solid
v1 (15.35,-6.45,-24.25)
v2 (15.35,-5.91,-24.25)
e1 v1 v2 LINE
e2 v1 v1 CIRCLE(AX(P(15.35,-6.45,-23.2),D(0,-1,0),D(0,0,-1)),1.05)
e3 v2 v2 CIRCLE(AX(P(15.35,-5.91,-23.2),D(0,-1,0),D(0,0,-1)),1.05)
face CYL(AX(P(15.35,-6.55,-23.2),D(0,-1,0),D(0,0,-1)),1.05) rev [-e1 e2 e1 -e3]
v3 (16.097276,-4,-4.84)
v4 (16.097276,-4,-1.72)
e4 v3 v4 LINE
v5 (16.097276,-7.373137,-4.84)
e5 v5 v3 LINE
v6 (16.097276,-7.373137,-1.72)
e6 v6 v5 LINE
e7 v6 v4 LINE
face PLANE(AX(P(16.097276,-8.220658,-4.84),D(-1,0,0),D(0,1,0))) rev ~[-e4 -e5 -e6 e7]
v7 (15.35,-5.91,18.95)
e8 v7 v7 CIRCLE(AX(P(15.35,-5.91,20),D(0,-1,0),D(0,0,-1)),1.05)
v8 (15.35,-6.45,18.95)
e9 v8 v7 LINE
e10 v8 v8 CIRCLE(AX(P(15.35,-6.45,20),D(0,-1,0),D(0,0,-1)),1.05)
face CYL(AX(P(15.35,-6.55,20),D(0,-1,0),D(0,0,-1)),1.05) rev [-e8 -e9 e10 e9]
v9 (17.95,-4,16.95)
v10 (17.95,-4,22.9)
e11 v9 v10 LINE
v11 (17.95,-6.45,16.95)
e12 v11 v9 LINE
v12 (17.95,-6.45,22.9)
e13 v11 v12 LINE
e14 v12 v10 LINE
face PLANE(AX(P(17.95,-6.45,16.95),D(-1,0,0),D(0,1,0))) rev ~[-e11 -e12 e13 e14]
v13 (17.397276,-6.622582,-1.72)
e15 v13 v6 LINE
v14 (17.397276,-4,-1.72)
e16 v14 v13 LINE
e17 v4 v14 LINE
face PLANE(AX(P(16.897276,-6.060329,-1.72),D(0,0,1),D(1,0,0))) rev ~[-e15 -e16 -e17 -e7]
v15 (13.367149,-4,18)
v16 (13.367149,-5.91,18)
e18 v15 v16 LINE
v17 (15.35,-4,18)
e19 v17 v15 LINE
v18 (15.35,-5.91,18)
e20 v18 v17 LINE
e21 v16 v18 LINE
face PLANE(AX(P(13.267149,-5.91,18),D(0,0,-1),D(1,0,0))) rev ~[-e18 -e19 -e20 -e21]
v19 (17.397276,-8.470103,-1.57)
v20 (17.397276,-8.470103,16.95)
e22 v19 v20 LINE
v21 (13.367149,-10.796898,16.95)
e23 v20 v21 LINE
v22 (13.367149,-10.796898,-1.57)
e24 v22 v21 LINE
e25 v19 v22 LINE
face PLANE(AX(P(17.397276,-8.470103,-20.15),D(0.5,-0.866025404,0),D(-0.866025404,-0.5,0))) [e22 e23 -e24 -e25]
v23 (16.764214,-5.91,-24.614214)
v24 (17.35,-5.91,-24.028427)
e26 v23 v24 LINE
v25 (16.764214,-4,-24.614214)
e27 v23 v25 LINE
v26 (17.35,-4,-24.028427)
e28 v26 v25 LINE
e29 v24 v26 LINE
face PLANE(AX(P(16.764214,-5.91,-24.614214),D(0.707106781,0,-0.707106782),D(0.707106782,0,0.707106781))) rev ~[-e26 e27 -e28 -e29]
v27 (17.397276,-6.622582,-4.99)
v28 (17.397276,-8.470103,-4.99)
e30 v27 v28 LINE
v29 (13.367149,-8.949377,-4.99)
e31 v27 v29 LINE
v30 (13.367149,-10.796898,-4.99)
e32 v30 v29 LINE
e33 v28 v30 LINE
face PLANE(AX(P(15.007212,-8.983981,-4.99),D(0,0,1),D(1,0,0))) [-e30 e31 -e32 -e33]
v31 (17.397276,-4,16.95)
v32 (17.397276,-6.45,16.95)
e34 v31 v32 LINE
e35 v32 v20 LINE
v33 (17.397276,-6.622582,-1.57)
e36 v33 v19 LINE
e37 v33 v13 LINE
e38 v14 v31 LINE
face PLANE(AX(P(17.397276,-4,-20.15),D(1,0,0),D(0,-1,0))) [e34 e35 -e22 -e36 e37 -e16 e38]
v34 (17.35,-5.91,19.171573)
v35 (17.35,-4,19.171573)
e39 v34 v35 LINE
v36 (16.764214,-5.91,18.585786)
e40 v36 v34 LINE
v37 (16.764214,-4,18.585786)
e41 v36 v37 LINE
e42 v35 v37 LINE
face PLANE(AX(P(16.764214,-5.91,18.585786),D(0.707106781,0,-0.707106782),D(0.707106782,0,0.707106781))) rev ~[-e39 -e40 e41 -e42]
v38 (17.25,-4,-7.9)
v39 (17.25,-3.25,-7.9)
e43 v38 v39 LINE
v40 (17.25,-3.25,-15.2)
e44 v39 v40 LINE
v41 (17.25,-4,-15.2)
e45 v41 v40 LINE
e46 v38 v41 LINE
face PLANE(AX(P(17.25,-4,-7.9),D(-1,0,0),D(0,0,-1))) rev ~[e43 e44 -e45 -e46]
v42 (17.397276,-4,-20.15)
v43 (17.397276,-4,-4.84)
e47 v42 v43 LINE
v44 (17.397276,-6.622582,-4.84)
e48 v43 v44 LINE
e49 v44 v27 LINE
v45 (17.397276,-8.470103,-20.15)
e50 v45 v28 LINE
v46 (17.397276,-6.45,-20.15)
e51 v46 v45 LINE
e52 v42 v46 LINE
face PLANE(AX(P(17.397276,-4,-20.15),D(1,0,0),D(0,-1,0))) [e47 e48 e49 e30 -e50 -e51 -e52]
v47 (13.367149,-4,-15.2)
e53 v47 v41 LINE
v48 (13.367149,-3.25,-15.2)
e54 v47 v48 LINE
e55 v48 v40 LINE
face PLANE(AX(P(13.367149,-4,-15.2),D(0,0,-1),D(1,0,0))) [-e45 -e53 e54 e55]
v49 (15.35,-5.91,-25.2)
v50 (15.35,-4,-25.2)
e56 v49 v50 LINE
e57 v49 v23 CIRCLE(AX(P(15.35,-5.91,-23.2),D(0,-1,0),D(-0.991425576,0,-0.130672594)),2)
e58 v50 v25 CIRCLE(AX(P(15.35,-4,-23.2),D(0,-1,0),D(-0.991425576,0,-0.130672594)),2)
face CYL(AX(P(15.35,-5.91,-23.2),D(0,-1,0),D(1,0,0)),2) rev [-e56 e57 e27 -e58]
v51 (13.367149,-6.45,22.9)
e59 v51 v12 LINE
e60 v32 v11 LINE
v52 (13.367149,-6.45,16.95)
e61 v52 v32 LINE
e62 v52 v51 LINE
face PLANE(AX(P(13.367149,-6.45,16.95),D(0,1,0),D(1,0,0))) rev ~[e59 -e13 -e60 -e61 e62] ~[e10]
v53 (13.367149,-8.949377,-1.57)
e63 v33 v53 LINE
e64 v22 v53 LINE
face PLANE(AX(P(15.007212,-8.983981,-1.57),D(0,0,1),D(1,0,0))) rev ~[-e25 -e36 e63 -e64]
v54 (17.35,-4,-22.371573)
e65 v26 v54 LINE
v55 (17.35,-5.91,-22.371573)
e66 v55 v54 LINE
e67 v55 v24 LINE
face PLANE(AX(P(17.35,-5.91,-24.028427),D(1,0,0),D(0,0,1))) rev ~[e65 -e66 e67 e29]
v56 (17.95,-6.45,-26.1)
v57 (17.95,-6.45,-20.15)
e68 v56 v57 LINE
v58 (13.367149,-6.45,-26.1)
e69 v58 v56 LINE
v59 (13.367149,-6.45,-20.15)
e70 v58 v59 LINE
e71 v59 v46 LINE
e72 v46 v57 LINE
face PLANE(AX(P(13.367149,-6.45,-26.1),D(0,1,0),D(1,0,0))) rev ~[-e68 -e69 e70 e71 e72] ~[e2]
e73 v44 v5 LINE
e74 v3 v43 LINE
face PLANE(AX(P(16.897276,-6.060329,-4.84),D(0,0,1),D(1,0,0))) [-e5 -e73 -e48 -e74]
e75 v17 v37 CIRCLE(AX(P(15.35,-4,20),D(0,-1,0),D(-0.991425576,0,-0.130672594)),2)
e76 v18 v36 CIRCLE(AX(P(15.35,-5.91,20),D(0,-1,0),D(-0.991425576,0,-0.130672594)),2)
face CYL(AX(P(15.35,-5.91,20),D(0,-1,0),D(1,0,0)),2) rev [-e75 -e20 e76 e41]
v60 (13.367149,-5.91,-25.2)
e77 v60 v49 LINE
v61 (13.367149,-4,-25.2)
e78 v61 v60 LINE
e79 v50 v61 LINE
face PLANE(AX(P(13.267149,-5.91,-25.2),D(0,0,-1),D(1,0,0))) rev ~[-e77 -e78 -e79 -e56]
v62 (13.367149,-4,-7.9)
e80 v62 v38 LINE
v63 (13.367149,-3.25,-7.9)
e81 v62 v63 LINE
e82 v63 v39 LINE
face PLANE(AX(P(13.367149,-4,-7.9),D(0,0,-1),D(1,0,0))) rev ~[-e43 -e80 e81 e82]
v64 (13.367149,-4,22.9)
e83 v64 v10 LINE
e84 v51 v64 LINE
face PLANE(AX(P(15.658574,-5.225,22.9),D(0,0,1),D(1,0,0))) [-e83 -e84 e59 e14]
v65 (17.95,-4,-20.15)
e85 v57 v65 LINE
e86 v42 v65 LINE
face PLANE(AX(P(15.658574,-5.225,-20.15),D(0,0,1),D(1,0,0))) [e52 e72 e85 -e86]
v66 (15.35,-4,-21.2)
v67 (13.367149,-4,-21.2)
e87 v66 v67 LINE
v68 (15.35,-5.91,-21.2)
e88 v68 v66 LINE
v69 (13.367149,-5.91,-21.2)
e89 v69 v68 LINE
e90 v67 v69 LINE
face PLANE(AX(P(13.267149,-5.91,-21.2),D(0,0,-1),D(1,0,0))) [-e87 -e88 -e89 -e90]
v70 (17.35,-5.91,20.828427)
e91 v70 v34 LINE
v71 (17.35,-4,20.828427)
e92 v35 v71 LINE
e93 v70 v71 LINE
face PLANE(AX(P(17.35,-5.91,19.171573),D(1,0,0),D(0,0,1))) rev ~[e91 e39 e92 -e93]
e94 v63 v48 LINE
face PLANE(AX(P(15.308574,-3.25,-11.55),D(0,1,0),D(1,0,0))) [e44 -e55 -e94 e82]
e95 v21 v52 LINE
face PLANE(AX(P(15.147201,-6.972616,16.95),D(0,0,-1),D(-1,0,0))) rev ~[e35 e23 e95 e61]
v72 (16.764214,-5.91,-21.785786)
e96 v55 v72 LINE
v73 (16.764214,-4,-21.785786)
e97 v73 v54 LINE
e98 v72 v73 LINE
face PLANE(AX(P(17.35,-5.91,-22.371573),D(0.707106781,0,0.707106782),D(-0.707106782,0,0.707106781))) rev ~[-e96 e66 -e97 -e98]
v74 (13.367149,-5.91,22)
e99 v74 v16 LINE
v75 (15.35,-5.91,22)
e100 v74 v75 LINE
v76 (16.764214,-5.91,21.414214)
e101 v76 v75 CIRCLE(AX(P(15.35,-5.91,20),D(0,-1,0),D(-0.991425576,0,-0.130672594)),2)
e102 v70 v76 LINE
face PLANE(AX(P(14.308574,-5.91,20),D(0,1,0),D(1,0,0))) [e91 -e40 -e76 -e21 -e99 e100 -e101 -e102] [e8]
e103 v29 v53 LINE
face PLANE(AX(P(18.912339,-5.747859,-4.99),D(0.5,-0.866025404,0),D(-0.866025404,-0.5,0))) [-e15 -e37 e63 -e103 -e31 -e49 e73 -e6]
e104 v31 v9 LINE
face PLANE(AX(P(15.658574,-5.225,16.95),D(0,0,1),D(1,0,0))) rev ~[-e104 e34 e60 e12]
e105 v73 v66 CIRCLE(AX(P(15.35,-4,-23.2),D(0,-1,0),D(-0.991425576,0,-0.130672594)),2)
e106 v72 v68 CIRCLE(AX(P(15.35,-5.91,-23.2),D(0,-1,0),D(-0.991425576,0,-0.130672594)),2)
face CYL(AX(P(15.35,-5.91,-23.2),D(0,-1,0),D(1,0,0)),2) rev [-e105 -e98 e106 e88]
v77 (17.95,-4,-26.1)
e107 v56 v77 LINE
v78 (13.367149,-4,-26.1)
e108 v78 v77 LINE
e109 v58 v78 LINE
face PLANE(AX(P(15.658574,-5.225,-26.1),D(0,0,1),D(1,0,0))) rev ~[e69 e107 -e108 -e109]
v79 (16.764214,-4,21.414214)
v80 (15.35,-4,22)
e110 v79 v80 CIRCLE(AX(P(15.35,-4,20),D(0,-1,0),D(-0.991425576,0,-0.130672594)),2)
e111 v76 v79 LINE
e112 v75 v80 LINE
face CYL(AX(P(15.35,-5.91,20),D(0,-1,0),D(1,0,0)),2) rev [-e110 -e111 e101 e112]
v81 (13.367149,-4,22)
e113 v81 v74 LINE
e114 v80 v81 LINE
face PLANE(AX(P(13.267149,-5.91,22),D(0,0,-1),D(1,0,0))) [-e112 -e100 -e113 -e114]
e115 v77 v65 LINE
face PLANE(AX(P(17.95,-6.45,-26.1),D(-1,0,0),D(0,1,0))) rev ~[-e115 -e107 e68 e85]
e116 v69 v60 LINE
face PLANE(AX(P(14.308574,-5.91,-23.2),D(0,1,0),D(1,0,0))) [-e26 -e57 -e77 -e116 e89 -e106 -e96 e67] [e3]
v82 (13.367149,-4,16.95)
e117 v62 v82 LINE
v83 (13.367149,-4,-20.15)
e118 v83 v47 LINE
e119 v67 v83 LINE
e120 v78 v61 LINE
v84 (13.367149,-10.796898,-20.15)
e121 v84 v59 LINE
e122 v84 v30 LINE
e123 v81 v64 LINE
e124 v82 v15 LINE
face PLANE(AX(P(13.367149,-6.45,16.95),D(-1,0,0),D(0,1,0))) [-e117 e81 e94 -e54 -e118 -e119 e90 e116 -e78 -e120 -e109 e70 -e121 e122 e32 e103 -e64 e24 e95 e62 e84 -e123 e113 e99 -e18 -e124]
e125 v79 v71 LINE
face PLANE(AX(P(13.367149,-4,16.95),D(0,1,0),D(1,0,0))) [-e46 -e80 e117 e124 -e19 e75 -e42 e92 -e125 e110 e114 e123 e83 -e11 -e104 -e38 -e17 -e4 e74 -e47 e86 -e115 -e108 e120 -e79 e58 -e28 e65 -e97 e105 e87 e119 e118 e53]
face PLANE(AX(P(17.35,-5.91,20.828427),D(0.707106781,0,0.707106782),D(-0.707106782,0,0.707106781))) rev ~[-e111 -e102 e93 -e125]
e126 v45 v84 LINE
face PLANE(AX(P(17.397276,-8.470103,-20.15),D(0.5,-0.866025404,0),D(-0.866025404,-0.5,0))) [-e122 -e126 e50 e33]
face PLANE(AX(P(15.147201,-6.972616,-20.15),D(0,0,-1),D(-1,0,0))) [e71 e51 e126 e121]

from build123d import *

# Parameters (mm, degrees)
CLAMP_START                     = -20.15
CLAMP_X_BASE_DEPTH              = 37.1
WIRE_START                      = -4.99
WIRE_CHANNEL_X_BASE_Z_5_0_DEPTH = 3.42
WIRE_START_2                    = -4.84
SKETCH3_W                       = 1.6
SKETCH3_H                       = 4.320657937
WIRE_NOTCH_X_BASE_Z_5_0_DEPTH   = 3.12
EAR_START                       = -26.1
SKETCH4_W                       = 4.582851153
SKETCH4_H                       = 2.45
EAR_X_BASE_26_DEPTH             = 5.95
EAR_START_2                     = 16.95
SKETCH5_W                       = 4.582851153
SKETCH5_H                       = 2.45
EAR_X_BASE_17_DEPTH             = 5.95
CUT_EXTRUDE3_START              = -6.55
SKETCH6_R                       = 1.05
CUT_EXTRUDE3_DEPTH              = 2.65
CUT_EXTRUDE4_START              = -5.91
SKETCH7_R                       = 2
CUT_EXTRUDE4_DEPTH              = 1.92
CUT_EXTRUDE5_START              = -5.91
SKETCH8_W                       = 2.082851153
SKETCH8_H                       = 4
CUT_EXTRUDE5_DEPTH              = 1.92
CUT_EXTRUDE6_START              = -5.91
CUT_EXTRUDE6_DEPTH              = 1.92
CUT_EXTRUDE7_START              = -5.91
CUT_EXTRUDE7_DEPTH              = 1.92
BOSS_EXTRUDE4_START             = -4
SKETCH11_W                      = 3.882851153
SKETCH11_H                      = 7.3
BOSS_EXTRUDE4_DEPTH             = 0.75


with BuildPart() as part:
    # Sketch1 → Clamp +X base (new body)
    with BuildSketch(Plane.XY.offset(CLAMP_START)):
        Polygon((13.367148847, -4), (17.397275866, -4), (17.397275866, -8.470102587), (13.367148847, -10.796897507), align=None)
    extrude(amount=CLAMP_X_BASE_DEPTH)

    # Sketch2 → Wire channel +X base Z -5.0 (cut)
    with BuildSketch(Plane.XY.offset(WIRE_START)):
        Polygon((11.102085338, -12.220102587), (19.762339376, -7.220102587), (18.912339376, -5.747859401), (10.252085338, -10.747859401), align=None)
    extrude(amount=WIRE_CHANNEL_X_BASE_Z_5_0_DEPTH, mode=Mode.SUBTRACT)

    # Sketch3 → Wire notch +X base Z -5.0 (cut)
    with BuildSketch(Plane.XY.offset(WIRE_START_2)):
        with Locations((16.897275866, -6.060328969)):
            Rectangle(SKETCH3_W, SKETCH3_H)
    extrude(amount=WIRE_NOTCH_X_BASE_Z_5_0_DEPTH, mode=Mode.SUBTRACT)

    # Sketch4 → Ear +X base -26 (add)
    with BuildSketch(Plane.XY.offset(EAR_START)):
        with Locations((15.658574424, -5.225)):
            Rectangle(SKETCH4_W, SKETCH4_H)
    extrude(amount=EAR_X_BASE_26_DEPTH)

    # Sketch5 → Ear +X base 17 (add)
    with BuildSketch(Plane.XY.offset(EAR_START_2)):
        with Locations((15.658574424, -5.225)):
            Rectangle(SKETCH5_W, SKETCH5_H)
    extrude(amount=EAR_X_BASE_17_DEPTH)

    # Sketch6 → Cut-Extrude3 (cut)
    with BuildSketch(Plane(origin=(0, 0, 0), x_dir=(1, 0, 0), z_dir=(0, 1, 0)).offset(CUT_EXTRUDE3_START)):
        with Locations(Location((15.35, 23.2, 0), (0, 0, 90))):
            Circle(SKETCH6_R)
        with Locations(Location((15.35, -20, 0), (0, 0, 90))):
            Circle(SKETCH6_R)
    extrude(amount=CUT_EXTRUDE3_DEPTH, mode=Mode.SUBTRACT)

    # Sketch7 → Cut-Extrude4 (cut)
    with BuildSketch(Plane(origin=(0, 0, 0), x_dir=(1, 0, 0), z_dir=(0, 1, 0)).offset(CUT_EXTRUDE4_START)):
        with Locations((15.35, 23.2)):
            Circle(SKETCH7_R)
        with Locations((15.35, -20)):
            Circle(SKETCH7_R)
    extrude(amount=CUT_EXTRUDE4_DEPTH, mode=Mode.SUBTRACT)

    # Sketch8 → Cut-Extrude5 (cut)
    with BuildSketch(Plane(origin=(0, 0, 0), x_dir=(1, 0, 0), z_dir=(0, 1, 0)).offset(CUT_EXTRUDE5_START)):
        with Locations((14.308574424, 23.2)):
            Rectangle(SKETCH8_W, SKETCH8_H)
        with Locations((14.308574424, -20)):
            Rectangle(SKETCH8_W, SKETCH8_H)
    extrude(amount=CUT_EXTRUDE5_DEPTH, mode=Mode.SUBTRACT)

    # Sketch9 → Cut-Extrude6 (cut)
    with BuildSketch(Plane(origin=(0, 0, 0), x_dir=(1, 0, 0), z_dir=(0, 1, 0)).offset(CUT_EXTRUDE6_START)):
        Polygon((15.35, 25.2), (16.764213562, 24.614213562), (17.35, 24.028427125), (17.35, 22.371572875), (16.764213562, 21.785786438), (15.35, 21.2), align=None)
    extrude(amount=CUT_EXTRUDE6_DEPTH, mode=Mode.SUBTRACT)

    # Sketch10 → Cut-Extrude7 (cut)
    with BuildSketch(Plane(origin=(0, 0, 0), x_dir=(1, 0, 0), z_dir=(0, 1, 0)).offset(CUT_EXTRUDE7_START)):
        Polygon((15.35, -18), (16.764213562, -18.585786438), (17.35, -19.171572875), (17.35, -20.828427125), (16.764213562, -21.414213562), (15.35, -22), align=None)
    extrude(amount=CUT_EXTRUDE7_DEPTH, mode=Mode.SUBTRACT)

    # Sketch11 → Boss-Extrude4 (add)
    with BuildSketch(Plane(origin=(0, 0, 0), x_dir=(1, 0, 0), z_dir=(0, 1, 0)).offset(BOSS_EXTRUDE4_START)):
        with Locations((15.308574424, 11.55)):
            Rectangle(SKETCH11_W, SKETCH11_H)
    extrude(amount=BOSS_EXTRUDE4_DEPTH)


solid = part.part
